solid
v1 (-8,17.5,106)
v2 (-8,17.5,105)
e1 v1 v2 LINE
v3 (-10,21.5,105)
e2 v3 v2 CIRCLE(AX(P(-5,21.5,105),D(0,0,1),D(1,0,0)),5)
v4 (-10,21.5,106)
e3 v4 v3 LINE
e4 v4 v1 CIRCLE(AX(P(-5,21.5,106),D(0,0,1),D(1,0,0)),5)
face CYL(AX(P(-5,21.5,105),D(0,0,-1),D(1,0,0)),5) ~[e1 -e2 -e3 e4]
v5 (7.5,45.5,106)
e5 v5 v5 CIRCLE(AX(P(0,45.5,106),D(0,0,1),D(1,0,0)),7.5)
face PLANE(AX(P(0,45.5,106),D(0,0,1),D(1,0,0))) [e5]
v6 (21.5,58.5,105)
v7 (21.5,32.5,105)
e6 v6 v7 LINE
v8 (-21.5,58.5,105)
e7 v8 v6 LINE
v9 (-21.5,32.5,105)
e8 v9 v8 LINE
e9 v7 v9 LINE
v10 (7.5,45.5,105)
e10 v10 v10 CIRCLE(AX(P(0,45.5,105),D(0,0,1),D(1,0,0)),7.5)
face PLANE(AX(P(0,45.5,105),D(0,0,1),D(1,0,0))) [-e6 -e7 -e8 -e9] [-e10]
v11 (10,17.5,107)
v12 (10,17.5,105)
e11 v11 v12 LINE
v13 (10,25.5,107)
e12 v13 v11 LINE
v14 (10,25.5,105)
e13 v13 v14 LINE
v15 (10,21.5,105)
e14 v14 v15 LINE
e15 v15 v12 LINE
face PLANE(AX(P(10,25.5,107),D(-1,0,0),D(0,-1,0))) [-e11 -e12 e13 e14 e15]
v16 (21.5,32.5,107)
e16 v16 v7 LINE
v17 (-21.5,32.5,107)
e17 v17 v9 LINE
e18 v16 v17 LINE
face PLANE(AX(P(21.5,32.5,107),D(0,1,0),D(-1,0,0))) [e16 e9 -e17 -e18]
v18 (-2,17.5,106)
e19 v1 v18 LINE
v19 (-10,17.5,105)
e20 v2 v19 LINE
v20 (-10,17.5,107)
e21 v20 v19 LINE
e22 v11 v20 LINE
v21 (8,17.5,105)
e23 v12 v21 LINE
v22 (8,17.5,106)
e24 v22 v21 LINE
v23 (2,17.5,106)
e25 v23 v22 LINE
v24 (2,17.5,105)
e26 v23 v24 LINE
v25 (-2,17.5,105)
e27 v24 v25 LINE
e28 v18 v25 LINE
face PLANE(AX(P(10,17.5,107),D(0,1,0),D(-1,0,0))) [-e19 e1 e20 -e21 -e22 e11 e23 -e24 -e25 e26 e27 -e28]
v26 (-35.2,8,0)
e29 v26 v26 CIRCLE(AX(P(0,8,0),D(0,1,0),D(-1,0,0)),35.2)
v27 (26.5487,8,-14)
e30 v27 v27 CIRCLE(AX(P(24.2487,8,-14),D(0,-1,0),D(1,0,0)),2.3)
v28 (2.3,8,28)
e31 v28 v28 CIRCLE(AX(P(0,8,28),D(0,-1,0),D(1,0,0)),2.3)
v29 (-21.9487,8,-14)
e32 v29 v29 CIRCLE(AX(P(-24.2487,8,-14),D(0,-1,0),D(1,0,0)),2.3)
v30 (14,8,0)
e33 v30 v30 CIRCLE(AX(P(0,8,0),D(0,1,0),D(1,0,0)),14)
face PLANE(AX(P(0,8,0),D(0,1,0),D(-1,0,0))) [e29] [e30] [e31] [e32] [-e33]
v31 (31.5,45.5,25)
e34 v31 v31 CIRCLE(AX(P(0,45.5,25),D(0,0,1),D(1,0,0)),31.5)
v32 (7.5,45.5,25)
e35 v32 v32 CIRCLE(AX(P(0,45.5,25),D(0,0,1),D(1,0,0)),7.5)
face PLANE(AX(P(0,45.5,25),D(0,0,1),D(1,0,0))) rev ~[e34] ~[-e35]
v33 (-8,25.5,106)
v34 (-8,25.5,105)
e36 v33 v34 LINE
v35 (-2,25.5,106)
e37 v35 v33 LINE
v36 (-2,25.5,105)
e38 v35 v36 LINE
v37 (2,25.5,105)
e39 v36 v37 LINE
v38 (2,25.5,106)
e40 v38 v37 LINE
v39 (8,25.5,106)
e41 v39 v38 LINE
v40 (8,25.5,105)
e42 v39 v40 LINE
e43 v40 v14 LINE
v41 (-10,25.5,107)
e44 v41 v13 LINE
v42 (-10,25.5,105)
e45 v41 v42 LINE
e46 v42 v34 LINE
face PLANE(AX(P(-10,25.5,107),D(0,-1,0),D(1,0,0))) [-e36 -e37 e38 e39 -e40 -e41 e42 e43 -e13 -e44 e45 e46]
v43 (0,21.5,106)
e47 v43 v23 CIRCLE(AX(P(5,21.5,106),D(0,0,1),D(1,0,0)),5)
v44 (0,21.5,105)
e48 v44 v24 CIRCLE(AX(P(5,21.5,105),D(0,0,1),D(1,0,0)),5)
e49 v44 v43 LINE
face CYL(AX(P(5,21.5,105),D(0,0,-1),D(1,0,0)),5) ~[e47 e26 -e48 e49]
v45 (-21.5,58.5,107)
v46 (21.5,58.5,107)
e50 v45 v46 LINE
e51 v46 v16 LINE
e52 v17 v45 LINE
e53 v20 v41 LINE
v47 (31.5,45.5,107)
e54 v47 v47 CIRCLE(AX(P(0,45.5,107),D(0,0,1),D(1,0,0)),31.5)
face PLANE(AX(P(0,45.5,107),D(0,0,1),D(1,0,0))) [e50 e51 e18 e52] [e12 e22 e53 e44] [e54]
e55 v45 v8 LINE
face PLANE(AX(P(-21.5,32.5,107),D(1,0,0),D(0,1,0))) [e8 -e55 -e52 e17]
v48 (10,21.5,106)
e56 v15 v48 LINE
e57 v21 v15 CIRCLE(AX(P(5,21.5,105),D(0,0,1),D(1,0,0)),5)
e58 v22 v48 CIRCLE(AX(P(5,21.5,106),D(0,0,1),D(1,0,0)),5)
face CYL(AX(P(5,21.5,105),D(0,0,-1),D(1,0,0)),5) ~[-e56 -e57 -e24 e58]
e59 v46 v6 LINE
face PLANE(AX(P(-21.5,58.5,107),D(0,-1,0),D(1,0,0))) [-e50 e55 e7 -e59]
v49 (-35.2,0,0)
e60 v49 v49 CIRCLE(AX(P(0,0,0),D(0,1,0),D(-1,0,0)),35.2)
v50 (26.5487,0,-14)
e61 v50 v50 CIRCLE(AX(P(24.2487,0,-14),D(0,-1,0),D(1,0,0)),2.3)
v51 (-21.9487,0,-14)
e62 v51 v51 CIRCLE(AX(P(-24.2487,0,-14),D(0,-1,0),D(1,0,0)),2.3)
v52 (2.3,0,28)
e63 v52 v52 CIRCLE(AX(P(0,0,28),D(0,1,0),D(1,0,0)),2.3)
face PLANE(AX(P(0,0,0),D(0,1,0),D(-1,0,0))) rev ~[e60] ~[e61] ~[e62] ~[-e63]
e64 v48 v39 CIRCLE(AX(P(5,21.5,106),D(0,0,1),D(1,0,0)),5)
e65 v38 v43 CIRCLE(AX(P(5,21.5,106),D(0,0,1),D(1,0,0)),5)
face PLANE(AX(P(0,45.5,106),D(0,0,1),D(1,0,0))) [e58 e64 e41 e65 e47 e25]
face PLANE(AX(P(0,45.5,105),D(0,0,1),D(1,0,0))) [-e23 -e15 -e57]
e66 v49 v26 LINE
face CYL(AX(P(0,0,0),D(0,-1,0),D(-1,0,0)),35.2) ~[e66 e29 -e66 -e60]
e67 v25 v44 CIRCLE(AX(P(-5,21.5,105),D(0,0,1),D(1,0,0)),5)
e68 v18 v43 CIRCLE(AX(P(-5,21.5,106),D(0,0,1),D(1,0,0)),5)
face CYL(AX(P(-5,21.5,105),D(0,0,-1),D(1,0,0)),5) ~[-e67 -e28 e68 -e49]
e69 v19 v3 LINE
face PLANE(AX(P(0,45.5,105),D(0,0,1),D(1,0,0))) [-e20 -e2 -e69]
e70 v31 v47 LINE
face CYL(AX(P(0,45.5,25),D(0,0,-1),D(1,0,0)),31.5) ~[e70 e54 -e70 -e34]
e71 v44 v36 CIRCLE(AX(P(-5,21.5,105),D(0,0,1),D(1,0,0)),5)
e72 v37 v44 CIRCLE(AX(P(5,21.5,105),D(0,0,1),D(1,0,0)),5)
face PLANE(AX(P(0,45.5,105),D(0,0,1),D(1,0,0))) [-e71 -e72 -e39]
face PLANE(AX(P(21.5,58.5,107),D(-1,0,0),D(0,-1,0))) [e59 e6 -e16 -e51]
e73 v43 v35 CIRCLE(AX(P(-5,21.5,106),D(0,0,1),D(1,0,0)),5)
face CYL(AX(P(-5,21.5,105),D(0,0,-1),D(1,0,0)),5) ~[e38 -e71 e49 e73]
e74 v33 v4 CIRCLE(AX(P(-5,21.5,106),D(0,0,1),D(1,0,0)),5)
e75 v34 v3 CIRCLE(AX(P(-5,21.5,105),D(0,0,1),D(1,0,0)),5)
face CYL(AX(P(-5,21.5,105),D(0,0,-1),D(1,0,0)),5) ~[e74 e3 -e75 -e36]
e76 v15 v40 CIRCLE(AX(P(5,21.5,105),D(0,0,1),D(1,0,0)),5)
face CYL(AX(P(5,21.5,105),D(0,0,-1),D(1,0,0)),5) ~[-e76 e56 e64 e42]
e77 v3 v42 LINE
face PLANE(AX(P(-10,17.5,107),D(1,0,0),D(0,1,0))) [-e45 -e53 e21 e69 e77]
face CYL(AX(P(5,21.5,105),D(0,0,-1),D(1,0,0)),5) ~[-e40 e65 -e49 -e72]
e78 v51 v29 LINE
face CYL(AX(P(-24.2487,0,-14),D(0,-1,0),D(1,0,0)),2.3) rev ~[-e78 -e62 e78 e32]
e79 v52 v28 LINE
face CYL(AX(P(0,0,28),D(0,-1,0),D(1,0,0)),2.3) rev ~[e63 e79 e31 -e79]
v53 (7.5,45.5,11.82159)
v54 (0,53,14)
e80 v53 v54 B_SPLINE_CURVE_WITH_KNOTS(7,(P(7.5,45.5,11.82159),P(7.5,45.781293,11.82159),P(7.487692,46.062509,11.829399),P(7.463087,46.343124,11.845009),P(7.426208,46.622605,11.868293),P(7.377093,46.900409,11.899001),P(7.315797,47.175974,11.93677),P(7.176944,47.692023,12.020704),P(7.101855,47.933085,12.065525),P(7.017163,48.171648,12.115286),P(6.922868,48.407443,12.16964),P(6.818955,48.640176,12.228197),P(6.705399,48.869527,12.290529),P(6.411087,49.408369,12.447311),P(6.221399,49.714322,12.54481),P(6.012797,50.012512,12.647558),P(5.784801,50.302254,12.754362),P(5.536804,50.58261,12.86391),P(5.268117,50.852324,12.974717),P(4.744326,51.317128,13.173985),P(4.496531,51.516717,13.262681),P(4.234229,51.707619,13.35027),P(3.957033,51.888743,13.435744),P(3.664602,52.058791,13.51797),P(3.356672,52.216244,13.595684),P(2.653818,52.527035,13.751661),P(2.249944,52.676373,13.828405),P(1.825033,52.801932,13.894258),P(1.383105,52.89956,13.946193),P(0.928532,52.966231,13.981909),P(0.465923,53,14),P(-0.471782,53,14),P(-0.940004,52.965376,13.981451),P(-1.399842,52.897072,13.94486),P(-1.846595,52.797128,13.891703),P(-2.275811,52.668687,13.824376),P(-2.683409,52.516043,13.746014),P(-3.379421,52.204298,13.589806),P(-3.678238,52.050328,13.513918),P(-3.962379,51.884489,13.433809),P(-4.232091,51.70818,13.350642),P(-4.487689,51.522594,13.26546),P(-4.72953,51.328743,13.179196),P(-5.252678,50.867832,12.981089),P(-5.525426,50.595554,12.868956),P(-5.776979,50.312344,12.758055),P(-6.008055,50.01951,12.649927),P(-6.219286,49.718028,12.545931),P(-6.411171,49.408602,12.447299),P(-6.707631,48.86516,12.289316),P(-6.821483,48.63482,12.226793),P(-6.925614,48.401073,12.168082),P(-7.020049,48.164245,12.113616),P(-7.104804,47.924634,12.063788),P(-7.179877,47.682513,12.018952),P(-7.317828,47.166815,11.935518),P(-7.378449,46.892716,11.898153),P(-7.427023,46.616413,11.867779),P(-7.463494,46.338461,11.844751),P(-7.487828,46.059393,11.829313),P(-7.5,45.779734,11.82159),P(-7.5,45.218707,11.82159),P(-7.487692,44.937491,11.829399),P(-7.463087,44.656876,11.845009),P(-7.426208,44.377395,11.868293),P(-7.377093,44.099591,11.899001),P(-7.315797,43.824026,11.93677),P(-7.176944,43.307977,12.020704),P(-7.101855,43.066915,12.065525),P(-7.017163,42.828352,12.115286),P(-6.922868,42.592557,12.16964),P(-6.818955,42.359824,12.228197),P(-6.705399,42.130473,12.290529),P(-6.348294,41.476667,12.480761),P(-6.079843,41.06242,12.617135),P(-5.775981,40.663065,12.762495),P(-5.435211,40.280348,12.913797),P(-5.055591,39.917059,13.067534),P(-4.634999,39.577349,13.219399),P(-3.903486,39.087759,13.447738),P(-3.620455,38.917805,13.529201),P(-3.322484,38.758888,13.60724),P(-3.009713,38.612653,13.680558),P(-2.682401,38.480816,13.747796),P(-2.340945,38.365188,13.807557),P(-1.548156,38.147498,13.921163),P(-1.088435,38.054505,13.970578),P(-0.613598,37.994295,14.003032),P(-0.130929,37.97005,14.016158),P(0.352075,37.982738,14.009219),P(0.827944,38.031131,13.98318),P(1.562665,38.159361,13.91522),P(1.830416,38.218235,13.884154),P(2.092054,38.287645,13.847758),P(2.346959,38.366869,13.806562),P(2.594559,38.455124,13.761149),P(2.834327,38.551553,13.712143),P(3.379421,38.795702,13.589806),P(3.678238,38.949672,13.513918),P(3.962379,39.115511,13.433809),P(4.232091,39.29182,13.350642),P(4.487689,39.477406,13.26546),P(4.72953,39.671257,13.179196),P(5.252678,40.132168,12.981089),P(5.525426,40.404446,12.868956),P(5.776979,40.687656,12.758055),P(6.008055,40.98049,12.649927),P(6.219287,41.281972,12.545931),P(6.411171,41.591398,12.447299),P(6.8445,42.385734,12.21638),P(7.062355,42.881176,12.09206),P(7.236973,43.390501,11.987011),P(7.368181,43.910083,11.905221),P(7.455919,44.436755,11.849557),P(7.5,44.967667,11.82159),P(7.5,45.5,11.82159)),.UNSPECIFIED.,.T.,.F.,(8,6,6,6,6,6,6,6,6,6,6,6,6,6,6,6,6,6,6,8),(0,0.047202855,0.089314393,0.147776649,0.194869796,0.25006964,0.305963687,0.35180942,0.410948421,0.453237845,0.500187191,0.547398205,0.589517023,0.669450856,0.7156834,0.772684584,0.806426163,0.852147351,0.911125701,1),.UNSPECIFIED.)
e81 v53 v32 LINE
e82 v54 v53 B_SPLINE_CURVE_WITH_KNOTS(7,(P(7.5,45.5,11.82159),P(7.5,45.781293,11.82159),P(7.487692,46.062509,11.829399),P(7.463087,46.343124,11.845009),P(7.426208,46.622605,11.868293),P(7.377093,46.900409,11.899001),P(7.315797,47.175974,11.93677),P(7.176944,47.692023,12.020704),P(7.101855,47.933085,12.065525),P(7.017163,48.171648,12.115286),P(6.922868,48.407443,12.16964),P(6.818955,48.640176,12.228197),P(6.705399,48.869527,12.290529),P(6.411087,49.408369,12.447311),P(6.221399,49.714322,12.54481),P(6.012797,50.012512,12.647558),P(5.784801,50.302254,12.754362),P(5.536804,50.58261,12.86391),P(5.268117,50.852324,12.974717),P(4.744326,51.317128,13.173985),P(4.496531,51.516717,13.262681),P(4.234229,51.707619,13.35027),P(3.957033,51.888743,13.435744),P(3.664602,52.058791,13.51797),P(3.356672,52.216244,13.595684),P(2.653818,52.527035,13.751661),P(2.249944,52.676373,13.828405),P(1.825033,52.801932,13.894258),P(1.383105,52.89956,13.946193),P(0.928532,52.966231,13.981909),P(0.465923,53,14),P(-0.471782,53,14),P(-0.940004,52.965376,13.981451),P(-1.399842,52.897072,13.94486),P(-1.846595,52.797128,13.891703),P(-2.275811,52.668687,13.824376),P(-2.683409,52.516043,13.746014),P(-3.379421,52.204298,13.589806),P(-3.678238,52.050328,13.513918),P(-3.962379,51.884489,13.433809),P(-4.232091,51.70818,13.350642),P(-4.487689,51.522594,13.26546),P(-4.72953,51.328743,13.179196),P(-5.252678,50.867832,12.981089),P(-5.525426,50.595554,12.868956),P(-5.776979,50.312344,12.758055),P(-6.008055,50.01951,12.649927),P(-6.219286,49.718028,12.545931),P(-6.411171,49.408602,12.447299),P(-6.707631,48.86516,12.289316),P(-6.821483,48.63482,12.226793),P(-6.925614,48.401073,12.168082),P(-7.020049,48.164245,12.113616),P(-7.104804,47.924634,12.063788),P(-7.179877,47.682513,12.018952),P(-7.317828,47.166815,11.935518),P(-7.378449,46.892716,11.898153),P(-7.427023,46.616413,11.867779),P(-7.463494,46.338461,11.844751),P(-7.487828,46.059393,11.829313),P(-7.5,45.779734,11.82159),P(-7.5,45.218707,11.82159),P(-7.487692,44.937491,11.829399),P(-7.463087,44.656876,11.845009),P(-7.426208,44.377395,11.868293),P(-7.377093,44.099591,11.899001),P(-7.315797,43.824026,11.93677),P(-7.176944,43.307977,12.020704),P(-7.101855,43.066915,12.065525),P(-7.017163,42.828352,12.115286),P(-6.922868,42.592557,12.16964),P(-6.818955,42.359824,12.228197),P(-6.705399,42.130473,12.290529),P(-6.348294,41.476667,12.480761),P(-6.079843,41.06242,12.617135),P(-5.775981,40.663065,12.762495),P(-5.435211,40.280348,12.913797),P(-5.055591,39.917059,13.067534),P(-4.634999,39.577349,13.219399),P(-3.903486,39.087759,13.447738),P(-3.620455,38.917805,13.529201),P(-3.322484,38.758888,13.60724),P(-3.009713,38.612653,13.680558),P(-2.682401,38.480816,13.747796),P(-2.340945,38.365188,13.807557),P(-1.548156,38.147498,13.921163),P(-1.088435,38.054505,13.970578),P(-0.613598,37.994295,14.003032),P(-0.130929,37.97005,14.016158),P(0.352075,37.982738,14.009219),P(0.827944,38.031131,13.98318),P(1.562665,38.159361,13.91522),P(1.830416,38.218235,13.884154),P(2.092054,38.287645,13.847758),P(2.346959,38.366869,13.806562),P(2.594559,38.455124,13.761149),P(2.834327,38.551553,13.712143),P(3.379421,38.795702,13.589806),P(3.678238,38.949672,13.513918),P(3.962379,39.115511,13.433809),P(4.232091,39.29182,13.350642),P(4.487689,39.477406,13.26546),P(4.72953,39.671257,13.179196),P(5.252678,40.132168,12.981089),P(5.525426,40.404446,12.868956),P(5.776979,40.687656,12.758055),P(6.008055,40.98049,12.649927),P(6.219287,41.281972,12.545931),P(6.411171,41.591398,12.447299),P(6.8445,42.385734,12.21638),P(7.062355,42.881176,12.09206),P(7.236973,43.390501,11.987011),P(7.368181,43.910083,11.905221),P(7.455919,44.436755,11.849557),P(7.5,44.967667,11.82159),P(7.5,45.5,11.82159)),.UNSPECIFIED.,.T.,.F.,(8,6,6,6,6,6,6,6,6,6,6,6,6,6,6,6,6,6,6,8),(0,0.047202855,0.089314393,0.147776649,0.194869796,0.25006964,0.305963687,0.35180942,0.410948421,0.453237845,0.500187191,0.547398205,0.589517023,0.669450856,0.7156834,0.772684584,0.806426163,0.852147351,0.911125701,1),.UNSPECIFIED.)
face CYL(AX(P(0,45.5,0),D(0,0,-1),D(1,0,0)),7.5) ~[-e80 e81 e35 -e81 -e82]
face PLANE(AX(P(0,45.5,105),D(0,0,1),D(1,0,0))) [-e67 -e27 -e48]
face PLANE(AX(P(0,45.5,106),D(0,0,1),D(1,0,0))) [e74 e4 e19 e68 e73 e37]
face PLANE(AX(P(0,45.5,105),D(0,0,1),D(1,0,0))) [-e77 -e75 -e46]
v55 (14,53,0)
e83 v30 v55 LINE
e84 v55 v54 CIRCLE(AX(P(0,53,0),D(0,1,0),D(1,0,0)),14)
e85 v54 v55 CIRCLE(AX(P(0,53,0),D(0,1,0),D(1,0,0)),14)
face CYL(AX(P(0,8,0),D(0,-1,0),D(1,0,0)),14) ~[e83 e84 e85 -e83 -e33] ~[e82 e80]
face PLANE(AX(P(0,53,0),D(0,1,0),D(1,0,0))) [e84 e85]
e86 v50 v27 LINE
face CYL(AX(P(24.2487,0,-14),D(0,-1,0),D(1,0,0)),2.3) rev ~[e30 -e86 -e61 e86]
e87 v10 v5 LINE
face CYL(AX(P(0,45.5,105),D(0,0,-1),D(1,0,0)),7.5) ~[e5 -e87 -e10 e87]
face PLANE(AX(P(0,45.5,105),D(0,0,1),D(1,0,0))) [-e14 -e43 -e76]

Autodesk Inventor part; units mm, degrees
ref_plane "YZ Plane" through (0, 0, 0) normal (1, 0, 0) x (0, 1, 0)
ref_plane "XZ Plane" through (0, 0, 0) normal (0, 1, 0) x (-1, 0, 0)
ref_plane "XY Plane" through (0, 0, 0) normal (0, 0, 1) x (1, 0, 0)
sketch "Sketch1" plane through (0, 0, 0) normal (0, 1, 0) x (-1, 0, 0)
  circle A0 centre (0, 0) radius 35.2
  dimension "d0" = 70.4
extrude "Extrusion1" add sketch "Sketch1" along normal blind 8
sketch "Sketch2" plane through (0, 8, 0) normal (0, 1, 0) x (1, 0, 0)
  circle A0 centre (0, 0) radius 14
  dimension "d3" = 28
extrude "Extrusion2" add sketch "Sketch2" along normal blind 45
sketch "Sketch3" plane through (0, 0, 0) normal (0, 0, 1) x (1, 0, 0)
  circle A0 centre (0, 45.5) radius 7.5
  point P0 (0, 0)
extrude "Extrusion3" add sketch "Sketch3" along normal blind 25
sketch "Sketch4" plane through (0, 45.5, 25) normal (0, 0, 1) x (1, 0, 0)
  circle A0 centre (0, 0) radius 31.5
  point P0 (0, -45.5)
  dimension "d8" = 63
extrude "Extrusion4" add sketch "Sketch4" along normal blind 82
sketch "Sketch5" plane through (0, 45.5, 107) normal (0, 0, 1) x (1, 0, 0)
  line L0 (-21.5, 13) -> (21.5, 13)
  line L1 (21.5, 13) -> (21.5, -13)
  line L2 (21.5, -13) -> (-21.5, -13)
  line L3 (-21.5, -13) -> (-21.5, 13)
  line L4 (-21.5, 13) -> (21.5, -13) construction
  line L5 (21.5, 13) -> (-21.5, -13) construction
  line L6 (-10, -20) -> (10, -20)
  line L7 (10, -20) -> (10, -28)
  line L8 (10, -28) -> (-10, -28)
  line L9 (-10, -28) -> (-10, -20)
  line L10 (-10, -20) -> (10, -28) construction
  line L11 (10, -20) -> (-10, -28) construction
  point P0 (0, -45.5)
  point P1 (0, 0)
  point P2 (0, -24)
  dimension "d11" = 43
  dimension "d12" = 26
  dimension "d13" = 20
  dimension "d14" = 8
extrude "Extrusion5" cut sketch "Sketch5" against normal blind 2
sketch "Sketch6" plane through (0, 45.5, 105) normal (0, 0, 1) x (1, 0, 0)
  circle A0 centre (0, 0) radius 7.5
  circle A1 centre (-5, -24) radius 5
  circle A2 centre (5, -24) radius 5
  point P0 (0, -45.5)
  point P1 (0, -24)
  dimension "d17" = 15
  dimension "d18" = 10
  dimension "d19" = 10
extrude "Extrusion6" add sketch "Sketch6" along normal blind 1
sketch "Sketch8" plane through (0, 0, 0) normal (0, -1, 0) x (1, 0, 0)
  circle A0 centre (0, 0) radius 28 construction
  line L0 (0, 0) -> (50, 0) construction
  line L1 (0, 0) -> (-43.3013, -25) construction
  line L2 (0, 0) -> (50, 0) construction
  line L3 (0, 0) -> (0, 50)
  line L4 (0, 0) -> (50, 0) construction
  circle A1 centre (0, 28) radius 2.3
  circle A2 centre (-24.2487, -14) radius 2.3
  line L5 (0, 0) -> (43.3013, -25) construction
  line L6 (0, 0) -> (50, 0) construction
  circle A3 centre (24.2487, -14) radius 2.3
  dimension "d22" = 56
  dimension "d26" = 50
  dimension "d27" = 210
  dimension "d28" = 50
  dimension "d29" = 90
  dimension "d30" = 4.6
  dimension "d31" = 4.6
  dimension "d34" = 50
  dimension "d35" = 30
  dimension "d36" = 4.6
extrude "Extrusion7" cut sketch "Sketch8" against normal blind 8
properties part number "camera real"
